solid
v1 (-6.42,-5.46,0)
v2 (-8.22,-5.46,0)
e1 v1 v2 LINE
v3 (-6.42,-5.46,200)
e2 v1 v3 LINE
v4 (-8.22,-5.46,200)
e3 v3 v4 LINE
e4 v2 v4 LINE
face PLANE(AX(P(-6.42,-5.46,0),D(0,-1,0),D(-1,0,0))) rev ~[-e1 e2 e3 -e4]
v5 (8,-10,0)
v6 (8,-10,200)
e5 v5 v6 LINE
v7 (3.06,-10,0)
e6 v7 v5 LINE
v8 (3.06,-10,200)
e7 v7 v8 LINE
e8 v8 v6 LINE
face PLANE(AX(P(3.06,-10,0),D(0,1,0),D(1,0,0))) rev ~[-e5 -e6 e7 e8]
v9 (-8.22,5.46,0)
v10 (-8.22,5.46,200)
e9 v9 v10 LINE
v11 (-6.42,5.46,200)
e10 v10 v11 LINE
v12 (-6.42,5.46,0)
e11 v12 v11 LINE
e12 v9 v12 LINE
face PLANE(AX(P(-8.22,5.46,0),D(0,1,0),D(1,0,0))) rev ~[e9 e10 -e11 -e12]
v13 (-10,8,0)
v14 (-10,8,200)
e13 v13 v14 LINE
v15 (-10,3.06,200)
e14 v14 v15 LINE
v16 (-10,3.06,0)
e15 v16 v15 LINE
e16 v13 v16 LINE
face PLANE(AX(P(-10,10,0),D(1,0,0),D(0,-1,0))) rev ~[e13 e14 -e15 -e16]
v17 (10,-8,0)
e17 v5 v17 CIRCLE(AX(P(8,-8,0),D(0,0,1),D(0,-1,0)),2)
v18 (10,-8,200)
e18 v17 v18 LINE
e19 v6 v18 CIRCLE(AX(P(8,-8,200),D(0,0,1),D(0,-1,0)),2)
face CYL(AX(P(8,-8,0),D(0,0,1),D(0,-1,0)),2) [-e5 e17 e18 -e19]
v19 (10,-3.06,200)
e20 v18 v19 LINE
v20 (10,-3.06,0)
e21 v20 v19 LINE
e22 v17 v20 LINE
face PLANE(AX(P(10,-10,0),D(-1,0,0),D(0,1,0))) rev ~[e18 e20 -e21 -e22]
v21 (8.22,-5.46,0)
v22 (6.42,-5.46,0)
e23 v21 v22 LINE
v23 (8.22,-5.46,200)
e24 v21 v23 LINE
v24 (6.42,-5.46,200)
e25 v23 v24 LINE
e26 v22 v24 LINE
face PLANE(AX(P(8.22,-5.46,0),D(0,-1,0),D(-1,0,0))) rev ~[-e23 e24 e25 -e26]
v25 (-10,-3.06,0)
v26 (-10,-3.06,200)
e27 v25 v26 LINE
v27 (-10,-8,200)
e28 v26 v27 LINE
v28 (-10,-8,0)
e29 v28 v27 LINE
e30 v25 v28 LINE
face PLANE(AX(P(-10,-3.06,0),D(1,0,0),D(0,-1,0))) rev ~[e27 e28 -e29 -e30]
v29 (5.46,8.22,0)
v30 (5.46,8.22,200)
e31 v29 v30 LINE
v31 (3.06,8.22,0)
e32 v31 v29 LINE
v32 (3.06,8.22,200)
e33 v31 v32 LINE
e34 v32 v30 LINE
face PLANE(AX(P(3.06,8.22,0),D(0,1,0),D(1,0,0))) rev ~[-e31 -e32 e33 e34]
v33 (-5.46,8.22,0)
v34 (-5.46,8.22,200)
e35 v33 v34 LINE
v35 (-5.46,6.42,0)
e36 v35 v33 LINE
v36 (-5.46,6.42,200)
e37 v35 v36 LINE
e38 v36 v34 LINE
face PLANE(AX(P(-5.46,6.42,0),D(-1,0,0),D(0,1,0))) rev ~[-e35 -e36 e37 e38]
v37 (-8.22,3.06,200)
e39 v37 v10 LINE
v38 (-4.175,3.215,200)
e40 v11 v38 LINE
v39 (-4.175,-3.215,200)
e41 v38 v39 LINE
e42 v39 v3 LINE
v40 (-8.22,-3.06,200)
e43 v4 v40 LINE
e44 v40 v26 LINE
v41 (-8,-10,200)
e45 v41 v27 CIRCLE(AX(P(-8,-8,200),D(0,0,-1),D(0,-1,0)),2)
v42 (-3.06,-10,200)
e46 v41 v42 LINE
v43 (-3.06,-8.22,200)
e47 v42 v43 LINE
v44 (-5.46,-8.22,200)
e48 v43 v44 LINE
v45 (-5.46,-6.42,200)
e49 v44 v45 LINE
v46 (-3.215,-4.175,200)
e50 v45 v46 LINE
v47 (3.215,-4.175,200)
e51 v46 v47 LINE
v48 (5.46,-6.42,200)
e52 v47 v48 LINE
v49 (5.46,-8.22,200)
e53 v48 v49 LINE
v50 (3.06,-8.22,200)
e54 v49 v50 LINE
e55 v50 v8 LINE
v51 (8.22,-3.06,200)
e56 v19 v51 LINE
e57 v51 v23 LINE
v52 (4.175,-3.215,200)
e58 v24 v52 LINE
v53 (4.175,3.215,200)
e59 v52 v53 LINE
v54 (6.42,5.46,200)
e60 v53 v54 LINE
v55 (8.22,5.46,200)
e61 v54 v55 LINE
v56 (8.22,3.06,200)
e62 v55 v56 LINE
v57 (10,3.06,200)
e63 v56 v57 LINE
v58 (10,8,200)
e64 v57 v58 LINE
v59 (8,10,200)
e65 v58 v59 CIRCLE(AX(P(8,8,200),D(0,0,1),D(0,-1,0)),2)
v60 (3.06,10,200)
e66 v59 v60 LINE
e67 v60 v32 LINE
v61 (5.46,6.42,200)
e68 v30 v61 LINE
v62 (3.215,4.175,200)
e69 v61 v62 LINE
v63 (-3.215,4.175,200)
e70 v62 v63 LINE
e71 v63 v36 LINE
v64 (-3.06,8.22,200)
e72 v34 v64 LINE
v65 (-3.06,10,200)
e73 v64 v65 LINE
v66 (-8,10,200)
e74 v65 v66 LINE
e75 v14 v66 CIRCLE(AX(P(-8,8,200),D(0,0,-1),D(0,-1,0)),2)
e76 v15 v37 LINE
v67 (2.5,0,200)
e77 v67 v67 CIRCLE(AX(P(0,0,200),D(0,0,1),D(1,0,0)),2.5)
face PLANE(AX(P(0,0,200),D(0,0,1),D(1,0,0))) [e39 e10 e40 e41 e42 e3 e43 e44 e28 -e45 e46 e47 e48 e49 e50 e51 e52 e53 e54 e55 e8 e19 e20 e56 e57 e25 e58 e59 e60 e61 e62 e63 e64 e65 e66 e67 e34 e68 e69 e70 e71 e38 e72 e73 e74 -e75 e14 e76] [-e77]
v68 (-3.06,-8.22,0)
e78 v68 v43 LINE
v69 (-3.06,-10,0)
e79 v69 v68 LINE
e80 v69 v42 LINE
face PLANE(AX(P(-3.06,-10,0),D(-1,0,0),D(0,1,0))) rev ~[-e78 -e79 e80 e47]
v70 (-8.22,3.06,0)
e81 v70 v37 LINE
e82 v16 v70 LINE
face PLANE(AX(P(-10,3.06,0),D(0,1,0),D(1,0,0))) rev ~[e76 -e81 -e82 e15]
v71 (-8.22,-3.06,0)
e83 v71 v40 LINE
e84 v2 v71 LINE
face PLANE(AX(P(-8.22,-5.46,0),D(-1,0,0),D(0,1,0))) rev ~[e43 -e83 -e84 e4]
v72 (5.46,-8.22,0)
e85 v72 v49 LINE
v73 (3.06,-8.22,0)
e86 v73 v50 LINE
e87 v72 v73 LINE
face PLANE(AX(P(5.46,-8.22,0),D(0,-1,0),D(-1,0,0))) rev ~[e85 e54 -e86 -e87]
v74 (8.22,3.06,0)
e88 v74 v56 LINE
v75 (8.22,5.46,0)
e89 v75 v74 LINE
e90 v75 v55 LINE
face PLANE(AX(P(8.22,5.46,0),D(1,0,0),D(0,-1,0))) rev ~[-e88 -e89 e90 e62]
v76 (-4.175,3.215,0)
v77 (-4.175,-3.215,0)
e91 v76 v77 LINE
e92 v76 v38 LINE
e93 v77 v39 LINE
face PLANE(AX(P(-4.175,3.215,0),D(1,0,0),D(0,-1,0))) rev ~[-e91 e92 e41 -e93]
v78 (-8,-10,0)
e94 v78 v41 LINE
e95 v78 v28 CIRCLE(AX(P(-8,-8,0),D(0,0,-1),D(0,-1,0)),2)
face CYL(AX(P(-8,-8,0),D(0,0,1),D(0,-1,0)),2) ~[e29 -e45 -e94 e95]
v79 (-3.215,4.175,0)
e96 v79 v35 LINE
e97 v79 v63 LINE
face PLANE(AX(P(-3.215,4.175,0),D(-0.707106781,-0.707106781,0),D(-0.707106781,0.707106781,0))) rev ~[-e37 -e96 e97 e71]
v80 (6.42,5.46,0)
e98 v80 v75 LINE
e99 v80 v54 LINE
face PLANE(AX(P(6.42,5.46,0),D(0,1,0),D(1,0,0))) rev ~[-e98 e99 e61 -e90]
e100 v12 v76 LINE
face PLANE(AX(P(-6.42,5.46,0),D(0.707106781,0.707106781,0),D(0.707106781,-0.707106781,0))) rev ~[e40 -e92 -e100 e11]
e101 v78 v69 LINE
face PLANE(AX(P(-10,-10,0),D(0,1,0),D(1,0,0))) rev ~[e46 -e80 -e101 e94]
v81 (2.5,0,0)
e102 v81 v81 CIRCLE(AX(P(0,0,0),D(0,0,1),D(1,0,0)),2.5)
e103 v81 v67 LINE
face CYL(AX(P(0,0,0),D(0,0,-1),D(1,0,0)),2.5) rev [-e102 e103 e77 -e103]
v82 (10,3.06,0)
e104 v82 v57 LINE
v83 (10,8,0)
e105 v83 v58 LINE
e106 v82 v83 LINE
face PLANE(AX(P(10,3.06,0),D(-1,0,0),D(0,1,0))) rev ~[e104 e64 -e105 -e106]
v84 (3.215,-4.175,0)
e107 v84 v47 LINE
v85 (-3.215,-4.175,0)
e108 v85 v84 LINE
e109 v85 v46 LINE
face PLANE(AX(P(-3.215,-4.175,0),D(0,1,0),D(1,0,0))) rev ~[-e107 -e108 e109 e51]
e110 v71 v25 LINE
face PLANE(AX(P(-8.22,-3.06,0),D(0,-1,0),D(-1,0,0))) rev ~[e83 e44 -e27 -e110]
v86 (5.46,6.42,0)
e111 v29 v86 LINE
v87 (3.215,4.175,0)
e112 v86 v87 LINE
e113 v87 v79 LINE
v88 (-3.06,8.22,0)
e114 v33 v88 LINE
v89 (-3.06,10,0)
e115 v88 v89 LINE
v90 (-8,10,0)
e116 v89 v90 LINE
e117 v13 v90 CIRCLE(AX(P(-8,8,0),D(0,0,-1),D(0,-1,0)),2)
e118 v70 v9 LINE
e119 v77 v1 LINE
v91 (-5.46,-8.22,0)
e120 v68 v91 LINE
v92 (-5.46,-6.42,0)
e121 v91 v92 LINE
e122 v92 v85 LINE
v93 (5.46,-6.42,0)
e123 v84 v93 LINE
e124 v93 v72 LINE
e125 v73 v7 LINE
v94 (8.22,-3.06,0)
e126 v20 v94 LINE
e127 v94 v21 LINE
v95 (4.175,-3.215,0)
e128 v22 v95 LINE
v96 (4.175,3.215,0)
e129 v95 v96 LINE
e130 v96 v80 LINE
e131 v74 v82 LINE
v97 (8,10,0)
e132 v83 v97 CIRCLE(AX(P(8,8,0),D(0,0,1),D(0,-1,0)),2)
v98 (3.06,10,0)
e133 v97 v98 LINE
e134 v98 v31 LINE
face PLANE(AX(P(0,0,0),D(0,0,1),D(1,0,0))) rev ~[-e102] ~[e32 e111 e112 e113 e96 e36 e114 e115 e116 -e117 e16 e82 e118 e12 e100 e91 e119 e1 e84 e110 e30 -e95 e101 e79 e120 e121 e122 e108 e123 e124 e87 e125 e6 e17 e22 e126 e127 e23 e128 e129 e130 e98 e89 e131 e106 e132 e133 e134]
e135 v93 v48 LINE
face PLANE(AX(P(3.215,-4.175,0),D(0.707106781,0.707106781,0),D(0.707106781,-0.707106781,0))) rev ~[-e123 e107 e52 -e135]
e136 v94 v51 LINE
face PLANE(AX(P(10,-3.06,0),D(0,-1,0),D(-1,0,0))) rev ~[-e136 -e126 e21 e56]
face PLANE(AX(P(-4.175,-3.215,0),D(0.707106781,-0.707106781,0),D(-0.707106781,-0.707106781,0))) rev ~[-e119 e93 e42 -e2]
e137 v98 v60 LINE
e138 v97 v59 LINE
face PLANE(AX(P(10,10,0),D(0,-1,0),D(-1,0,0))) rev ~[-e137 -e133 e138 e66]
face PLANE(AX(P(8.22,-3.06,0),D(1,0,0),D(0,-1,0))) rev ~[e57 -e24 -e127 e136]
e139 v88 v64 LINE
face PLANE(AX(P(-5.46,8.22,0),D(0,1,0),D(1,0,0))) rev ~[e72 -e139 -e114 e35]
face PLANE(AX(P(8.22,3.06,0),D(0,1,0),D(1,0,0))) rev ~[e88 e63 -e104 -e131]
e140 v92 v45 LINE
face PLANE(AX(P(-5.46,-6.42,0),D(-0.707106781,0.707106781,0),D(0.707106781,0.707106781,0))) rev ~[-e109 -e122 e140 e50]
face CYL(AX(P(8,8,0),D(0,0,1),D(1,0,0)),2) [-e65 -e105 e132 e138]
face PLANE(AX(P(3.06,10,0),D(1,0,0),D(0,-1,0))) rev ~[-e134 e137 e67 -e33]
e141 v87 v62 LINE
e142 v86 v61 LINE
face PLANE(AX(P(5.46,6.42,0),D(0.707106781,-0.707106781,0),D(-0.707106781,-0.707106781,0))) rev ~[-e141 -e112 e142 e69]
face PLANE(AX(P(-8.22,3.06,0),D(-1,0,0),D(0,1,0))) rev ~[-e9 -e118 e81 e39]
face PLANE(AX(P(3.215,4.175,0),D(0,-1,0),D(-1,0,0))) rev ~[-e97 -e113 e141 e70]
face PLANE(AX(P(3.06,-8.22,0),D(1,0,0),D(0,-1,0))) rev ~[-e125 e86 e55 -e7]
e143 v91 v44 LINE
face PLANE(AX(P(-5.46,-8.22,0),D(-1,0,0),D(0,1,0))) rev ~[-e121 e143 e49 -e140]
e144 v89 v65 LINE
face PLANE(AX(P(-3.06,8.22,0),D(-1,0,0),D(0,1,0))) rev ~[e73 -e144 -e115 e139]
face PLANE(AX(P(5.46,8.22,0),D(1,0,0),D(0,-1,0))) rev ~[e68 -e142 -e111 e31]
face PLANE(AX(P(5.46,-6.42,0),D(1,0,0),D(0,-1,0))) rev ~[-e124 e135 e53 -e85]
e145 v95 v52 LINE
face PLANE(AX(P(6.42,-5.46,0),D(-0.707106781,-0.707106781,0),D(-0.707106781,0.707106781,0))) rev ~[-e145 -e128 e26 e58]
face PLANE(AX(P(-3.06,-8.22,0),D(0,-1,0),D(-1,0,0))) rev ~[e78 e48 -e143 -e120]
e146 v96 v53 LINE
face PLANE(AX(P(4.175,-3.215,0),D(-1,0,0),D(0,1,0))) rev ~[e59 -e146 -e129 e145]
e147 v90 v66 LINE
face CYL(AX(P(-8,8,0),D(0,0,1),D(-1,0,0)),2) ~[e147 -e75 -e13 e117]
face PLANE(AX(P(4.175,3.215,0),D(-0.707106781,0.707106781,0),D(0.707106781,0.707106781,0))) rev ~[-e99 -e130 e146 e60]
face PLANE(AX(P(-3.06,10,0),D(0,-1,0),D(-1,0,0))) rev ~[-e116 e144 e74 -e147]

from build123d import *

# Parameters (mm, degrees)
SKETCH1_R           = 2.5
BOSS_EXTRUDE1_DEPTH = 200
FILLET1_R           = 2


with BuildPart() as part:
    # Sketch1 → Boss-Extrude1 (new body)
    with BuildSketch(Plane.XY):
        Polygon((-5.46, -6.42), (-3.215, -4.175), (3.215, -4.175), (5.46, -6.42), (5.46, -8.22), (3.06, -8.22), (3.06, -10), (10, -10), (10, -3.06), (8.22, -3.06), (8.22, -5.46), (6.42, -5.46), (4.175, -3.215), (4.175, 3.215), (6.42, 5.46), (8.22, 5.46), (8.22, 3.06), (10, 3.06), (10, 10), (3.06, 10), (3.06, 8.22), (5.46, 8.22), (5.46, 6.42), (3.215, 4.175), (-3.215, 4.175), (-5.46, 6.42), (-5.46, 8.22), (-3.06, 8.22), (-3.06, 10), (-10, 10), (-10, 3.06), (-8.22, 3.06), (-8.22, 5.46), (-6.42, 5.46), (-4.175, 3.215), (-4.175, -3.215), (-6.42, -5.46), (-8.22, -5.46), (-8.22, -3.06), (-10, -3.06), (-10, -10), (-3.06, -10), (-3.06, -8.22), (-5.46, -8.22), align=None)
        Circle(SKETCH1_R, mode=Mode.SUBTRACT)
    extrude(amount=BOSS_EXTRUDE1_DEPTH)

    # Fillet1
    fillet1_edges = [part.edges().sort_by_distance(p)[0] for p in [
        (10, -10, 100),
        (-10, -10, 100),
        (-10, 10, 100),
        (10, 10, 100),
    ]]
    fillet(fillet1_edges, radius=FILLET1_R)


solid = part.part
